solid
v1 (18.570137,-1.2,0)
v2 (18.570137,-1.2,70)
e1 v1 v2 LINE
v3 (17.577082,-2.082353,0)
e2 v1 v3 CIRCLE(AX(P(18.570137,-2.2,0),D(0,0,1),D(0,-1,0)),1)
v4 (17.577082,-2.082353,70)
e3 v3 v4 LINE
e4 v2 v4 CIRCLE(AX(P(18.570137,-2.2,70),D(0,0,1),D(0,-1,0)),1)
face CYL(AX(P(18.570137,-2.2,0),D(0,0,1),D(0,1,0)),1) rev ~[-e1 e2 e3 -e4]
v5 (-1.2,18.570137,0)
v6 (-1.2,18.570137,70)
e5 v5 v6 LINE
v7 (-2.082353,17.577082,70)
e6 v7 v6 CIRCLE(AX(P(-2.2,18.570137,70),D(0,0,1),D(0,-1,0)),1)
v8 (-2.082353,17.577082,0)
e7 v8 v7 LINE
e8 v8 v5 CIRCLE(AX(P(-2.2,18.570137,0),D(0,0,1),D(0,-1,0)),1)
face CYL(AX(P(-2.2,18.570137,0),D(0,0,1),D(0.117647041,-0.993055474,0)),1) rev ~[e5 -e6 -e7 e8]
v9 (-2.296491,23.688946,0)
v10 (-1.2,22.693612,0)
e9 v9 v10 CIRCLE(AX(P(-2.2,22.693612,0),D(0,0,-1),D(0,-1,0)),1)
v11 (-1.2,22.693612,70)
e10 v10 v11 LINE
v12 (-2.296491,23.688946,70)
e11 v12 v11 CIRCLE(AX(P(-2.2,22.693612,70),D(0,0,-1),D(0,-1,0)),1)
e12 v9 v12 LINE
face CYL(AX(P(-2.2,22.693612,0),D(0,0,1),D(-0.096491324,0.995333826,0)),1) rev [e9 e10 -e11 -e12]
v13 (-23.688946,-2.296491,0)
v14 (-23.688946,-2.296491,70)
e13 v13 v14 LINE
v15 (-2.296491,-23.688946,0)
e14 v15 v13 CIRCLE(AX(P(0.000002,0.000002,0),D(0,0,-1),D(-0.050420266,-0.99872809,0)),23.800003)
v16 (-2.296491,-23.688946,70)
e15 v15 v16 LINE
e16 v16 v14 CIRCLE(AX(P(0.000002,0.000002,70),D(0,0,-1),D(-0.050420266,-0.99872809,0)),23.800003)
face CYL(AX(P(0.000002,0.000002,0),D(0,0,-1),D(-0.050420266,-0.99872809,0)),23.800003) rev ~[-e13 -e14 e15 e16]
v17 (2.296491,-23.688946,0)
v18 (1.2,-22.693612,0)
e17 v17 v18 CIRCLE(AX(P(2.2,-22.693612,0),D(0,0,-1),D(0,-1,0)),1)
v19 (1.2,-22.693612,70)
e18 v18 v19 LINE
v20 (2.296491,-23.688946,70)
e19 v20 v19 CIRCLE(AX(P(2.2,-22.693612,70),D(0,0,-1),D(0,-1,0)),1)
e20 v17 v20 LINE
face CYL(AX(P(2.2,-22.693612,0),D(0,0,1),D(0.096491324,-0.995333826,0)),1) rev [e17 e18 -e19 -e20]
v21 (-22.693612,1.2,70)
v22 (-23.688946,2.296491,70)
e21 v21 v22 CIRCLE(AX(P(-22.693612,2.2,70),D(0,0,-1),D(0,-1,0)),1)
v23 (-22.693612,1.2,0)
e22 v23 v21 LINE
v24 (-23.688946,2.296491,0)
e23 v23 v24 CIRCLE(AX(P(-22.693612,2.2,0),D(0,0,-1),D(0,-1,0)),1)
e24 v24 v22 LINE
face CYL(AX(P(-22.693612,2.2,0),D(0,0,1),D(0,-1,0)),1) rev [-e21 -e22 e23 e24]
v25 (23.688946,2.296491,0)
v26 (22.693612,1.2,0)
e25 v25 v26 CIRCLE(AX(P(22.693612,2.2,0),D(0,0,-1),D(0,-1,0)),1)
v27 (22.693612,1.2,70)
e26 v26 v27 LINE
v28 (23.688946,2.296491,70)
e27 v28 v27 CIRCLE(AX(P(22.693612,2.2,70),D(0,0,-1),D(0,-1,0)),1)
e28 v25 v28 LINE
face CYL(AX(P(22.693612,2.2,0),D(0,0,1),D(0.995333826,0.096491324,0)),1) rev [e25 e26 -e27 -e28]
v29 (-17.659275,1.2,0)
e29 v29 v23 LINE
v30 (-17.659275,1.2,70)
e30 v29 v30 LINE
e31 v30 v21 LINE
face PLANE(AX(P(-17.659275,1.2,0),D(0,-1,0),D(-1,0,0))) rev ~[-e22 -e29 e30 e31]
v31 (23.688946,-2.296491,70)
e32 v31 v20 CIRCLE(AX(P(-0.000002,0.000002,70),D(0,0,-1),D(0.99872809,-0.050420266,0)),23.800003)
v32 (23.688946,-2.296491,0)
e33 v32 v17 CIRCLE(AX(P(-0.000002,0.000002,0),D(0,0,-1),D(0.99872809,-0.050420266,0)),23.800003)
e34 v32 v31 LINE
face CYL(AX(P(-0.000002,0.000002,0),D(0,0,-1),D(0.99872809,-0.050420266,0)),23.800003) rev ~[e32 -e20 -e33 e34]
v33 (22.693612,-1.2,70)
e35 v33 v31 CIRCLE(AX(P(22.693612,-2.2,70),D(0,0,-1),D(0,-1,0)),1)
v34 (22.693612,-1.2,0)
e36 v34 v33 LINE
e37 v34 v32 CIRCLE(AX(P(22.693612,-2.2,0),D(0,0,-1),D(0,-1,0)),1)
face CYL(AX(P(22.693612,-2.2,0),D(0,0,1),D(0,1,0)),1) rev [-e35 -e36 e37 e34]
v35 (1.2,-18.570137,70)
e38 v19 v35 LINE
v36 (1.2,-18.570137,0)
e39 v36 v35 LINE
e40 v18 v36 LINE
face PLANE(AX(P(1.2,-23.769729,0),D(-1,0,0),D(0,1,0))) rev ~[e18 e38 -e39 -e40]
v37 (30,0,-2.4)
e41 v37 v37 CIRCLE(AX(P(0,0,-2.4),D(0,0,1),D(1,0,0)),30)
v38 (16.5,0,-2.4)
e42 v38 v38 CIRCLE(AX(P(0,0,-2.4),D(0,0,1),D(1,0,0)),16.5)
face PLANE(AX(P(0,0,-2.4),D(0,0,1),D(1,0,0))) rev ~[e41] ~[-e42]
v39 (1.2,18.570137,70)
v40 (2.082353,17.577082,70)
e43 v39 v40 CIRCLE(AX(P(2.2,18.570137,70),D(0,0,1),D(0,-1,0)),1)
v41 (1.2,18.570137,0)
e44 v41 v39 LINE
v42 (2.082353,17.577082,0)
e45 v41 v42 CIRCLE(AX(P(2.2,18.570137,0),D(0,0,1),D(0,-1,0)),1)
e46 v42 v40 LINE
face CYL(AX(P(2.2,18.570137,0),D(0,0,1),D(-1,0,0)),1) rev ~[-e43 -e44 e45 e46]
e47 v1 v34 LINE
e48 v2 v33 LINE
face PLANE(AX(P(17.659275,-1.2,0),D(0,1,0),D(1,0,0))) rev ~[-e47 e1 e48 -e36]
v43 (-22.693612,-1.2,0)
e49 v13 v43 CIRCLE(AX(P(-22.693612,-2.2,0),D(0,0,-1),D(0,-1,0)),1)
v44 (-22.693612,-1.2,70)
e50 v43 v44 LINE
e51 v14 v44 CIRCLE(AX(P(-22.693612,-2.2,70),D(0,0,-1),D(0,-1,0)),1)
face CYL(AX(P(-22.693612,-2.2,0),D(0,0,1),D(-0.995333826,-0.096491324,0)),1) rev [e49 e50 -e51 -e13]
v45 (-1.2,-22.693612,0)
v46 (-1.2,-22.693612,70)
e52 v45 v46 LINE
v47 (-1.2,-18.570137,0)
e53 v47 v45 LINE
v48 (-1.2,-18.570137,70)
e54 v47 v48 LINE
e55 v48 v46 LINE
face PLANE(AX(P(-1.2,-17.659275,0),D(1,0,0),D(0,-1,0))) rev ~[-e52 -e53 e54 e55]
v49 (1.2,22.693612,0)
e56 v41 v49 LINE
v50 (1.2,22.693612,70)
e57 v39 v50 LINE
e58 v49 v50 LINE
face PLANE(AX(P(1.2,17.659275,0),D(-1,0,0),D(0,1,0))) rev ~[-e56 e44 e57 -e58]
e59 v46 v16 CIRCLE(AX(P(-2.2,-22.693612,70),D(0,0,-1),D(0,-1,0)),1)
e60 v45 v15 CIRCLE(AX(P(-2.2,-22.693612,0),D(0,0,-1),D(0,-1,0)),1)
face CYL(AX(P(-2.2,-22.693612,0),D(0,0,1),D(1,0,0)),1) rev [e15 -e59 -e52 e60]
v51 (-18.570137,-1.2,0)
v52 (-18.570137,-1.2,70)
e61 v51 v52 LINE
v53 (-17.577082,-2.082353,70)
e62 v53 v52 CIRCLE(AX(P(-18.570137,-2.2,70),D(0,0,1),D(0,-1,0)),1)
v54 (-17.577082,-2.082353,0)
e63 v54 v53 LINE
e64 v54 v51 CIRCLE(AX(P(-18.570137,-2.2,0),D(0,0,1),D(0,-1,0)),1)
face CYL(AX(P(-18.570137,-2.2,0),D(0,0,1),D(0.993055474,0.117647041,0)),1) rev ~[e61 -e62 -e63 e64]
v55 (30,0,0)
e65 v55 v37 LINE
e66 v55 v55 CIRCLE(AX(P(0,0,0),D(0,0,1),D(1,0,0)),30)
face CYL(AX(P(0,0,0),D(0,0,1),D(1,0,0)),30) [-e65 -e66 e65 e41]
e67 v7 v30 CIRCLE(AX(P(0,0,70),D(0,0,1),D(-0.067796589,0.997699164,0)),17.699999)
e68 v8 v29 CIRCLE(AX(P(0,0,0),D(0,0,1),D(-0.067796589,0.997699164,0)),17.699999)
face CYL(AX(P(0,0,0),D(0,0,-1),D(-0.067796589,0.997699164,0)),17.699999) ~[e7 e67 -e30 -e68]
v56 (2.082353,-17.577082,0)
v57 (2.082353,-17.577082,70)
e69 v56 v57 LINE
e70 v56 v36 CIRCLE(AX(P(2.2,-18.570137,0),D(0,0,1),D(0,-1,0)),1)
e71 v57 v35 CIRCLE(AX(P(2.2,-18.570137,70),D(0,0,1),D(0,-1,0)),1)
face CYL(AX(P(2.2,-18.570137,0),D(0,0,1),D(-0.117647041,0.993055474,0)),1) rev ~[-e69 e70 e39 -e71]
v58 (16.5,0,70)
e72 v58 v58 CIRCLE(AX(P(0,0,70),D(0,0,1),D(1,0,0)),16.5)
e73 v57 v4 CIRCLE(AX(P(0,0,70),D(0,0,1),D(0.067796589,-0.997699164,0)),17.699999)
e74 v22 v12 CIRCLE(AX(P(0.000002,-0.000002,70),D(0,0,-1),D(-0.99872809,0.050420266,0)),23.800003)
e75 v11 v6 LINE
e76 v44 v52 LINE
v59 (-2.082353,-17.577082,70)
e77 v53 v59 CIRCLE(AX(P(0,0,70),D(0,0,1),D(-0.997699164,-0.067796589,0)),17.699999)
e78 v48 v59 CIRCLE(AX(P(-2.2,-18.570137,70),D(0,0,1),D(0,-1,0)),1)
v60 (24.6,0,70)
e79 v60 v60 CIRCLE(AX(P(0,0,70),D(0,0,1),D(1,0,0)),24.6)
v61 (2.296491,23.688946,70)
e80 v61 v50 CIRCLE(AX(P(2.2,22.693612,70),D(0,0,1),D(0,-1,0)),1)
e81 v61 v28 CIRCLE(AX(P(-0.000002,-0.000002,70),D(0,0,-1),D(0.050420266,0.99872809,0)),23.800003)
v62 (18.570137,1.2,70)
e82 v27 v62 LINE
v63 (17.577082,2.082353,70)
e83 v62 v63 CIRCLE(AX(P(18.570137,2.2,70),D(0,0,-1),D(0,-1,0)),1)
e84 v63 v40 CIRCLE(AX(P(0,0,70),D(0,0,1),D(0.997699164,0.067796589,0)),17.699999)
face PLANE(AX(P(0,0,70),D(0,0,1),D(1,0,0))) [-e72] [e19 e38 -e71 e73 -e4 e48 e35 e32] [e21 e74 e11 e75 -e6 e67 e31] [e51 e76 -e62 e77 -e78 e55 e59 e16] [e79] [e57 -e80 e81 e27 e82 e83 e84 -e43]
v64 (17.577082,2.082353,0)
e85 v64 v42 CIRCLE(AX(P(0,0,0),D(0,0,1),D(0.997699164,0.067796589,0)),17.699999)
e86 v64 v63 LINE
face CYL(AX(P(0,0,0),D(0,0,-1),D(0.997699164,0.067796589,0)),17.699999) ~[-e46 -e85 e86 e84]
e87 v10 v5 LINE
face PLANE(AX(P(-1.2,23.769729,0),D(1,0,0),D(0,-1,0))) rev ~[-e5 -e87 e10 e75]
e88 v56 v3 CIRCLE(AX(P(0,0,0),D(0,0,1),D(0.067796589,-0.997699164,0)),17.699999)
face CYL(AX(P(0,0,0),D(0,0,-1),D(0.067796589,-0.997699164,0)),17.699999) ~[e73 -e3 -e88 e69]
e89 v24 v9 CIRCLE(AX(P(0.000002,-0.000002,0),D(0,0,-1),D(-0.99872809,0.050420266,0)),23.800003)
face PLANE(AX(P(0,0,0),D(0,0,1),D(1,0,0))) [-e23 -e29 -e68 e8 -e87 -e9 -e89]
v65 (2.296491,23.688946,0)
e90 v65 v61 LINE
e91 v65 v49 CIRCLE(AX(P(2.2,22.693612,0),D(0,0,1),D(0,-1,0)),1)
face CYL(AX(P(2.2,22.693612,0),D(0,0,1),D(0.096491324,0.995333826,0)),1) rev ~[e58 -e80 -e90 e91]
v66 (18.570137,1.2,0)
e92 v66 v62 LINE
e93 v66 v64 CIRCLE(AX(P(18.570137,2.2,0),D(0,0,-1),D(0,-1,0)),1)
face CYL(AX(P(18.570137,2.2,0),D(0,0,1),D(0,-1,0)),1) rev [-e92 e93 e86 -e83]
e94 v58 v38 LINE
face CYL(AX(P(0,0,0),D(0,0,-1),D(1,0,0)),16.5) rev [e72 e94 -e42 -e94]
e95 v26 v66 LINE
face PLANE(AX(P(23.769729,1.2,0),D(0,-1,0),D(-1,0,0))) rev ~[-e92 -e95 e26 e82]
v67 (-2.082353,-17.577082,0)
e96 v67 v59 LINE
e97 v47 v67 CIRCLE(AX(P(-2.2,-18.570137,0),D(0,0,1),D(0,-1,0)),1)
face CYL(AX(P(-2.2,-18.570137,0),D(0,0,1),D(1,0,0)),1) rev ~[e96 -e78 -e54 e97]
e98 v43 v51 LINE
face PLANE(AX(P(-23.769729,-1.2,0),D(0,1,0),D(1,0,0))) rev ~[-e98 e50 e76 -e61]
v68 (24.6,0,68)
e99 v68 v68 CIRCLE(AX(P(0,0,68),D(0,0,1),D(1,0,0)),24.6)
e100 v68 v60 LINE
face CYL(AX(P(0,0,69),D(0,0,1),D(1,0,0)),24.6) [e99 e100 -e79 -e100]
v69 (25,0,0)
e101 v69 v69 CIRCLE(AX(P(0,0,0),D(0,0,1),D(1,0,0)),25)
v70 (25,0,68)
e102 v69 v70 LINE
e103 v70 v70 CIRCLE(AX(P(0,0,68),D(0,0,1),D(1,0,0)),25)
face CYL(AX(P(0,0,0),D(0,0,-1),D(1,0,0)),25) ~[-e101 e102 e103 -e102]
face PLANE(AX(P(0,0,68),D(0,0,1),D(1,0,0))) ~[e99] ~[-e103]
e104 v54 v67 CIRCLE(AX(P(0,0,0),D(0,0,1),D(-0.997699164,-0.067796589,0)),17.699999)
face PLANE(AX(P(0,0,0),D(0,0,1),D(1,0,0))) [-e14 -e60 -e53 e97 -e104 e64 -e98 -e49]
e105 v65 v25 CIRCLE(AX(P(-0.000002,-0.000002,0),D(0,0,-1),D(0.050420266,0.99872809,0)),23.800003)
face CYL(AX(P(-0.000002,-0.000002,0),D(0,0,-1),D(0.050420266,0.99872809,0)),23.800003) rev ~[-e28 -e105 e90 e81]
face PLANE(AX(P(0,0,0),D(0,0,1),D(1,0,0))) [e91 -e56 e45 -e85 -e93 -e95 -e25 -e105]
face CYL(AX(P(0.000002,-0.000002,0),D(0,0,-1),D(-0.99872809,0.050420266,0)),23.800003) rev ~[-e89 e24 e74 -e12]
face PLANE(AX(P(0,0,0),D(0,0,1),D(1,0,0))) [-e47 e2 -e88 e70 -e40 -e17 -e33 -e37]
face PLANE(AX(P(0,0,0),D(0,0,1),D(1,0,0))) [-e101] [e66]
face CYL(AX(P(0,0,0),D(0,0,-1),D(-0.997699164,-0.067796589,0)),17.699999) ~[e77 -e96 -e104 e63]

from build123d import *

# Parameters (mm, degrees)
F1_R     = 30
F1_R_2   = 16.5
F2_DEPTH = 2.4
F0_R     = 25
F0_R_2   = 16.5
F3_DEPTH = 70
F4_W     = 0.4
F4_H     = 2
F6_R     = 1


with BuildPart() as f2:
    # F1 (on Top) → F2 (new body)
    with BuildSketch(Plane.XY):
        Circle(F1_R)
        Circle(F1_R_2, mode=Mode.SUBTRACT)
    extrude(amount=-F2_DEPTH)

    # F0 (on Top) → F3 (join)
    with BuildSketch(Plane.XY):
        Circle(F0_R)
        with BuildLine():
            ThreePointArc((23.769729, 1.2), (23.792431, 0.600191), (23.8, 0))
            ThreePointArc((23.8, 0), (23.792431, -0.600191), (23.769729, -1.2))
            ThreePointArc((23.769729, -1.2), (16.829141, -16.829141), (1.2, -23.769729))
            ThreePointArc((1.2, -23.769729), (0, -23.8), (-1.2, -23.769729))
            ThreePointArc((-1.2, -23.769729), (-16.829141, -16.829141), (-23.769729, -1.2))
            ThreePointArc((-23.769729, -1.2), (-23.8, 0), (-23.769729, 1.2))
            ThreePointArc((-23.769729, 1.2), (-16.829141, 16.829141), (-1.2, 23.769729))
            ThreePointArc((-1.2, 23.769729), (0, 23.8), (1.2, 23.769729))
            ThreePointArc((1.2, 23.769729), (16.829141, 16.829141), (23.769729, 1.2))
        make_face(mode=Mode.SUBTRACT)
        with BuildLine():
            Line((-17.659275, 1.2), (-23.769729, 1.2))
            ThreePointArc((-23.769729, 1.2), (-23.8, 0), (-23.769729, -1.2))
            Line((-23.769729, -1.2), (-17.659275, -1.2))
            ThreePointArc((-17.659275, -1.2), (-17.7, 0), (-17.659275, 1.2))
        make_face()
        with BuildLine():
            Line((1.2, 17.659275), (1.2, 23.769729))
            ThreePointArc((1.2, 23.769729), (0, 23.8), (-1.2, 23.769729))
            Line((-1.2, 23.769729), (-1.2, 17.659275))
            ThreePointArc((-1.2, 17.659275), (0, 17.7), (1.2, 17.659275))
        make_face()
        with BuildLine():
            ThreePointArc((23.769729, -1.2), (23.792431, -0.600191), (23.8, 0))
            ThreePointArc((23.8, 0), (23.792431, 0.600191), (23.769729, 1.2))
            Line((23.769729, 1.2), (17.659275, 1.2))
            ThreePointArc((17.659275, 1.2), (17.689816, 0.600345), (17.7, 0))
            ThreePointArc((17.7, 0), (17.689816, -0.600345), (17.659275, -1.2))
            Line((17.659275, -1.2), (23.769729, -1.2))
        make_face()
        with BuildLine():
            ThreePointArc((-1.2, -23.769729), (0, -23.8), (1.2, -23.769729))
            Line((1.2, -23.769729), (1.2, -17.659275))
            ThreePointArc((1.2, -17.659275), (0, -17.7), (-1.2, -17.659275))
            Line((-1.2, -17.659275), (-1.2, -23.769729))
        make_face()
        with BuildLine():
            ThreePointArc((17.7, 0), (17.689816, 0.600345), (17.659275, 1.2))
            ThreePointArc((17.659275, 1.2), (12.51579, 12.51579), (1.2, 17.659275))
            ThreePointArc((1.2, 17.659275), (0, 17.7), (-1.2, 17.659275))
            ThreePointArc((-1.2, 17.659275), (-12.51579, 12.51579), (-17.659275, 1.2))
            ThreePointArc((-17.659275, 1.2), (-17.7, 0), (-17.659275, -1.2))
            ThreePointArc((-17.659275, -1.2), (-12.51579, -12.51579), (-1.2, -17.659275))
            ThreePointArc((-1.2, -17.659275), (0, -17.7), (1.2, -17.659275))
            ThreePointArc((1.2, -17.659275), (12.51579, -12.51579), (17.659275, -1.2))
            ThreePointArc((17.659275, -1.2), (17.689816, -0.600345), (17.7, 0))
        make_face()
        Circle(F0_R_2, mode=Mode.SUBTRACT)
    extrude(amount=F3_DEPTH)

    # F4 (on Front) → F5 (revolve, cut)
    with BuildSketch(Plane.XZ):
        with Locations((24.8, 69)):
            Rectangle(F4_W, F4_H)
    revolve(axis=Axis((0, 0, 41.403618), (0, 0, 1)), mode=Mode.SUBTRACT)

    # F6
    f6_edges = [f2.edges().sort_by_distance(p)[0] for p in [
        (-1.2, 23.769729, 35),
        (-1.2, 17.659275, 35),
        (1.2, 23.769729, 35),
        (1.2, 17.659275, 35),
        (17.659275, 1.2, 35),
        (17.659275, -1.2, 35),
        (1.2, -17.659275, 35),
        (-1.2, -17.659275, 35),
        (-17.659275, -1.2, 35),
        (1.2, -23.769729, 35),
        (23.769729, -1.2, 35),
        (23.769729, 1.2, 35),
        (-1.2, -23.769729, 35),
        (-23.769729, -1.2, 35),
        (-23.769729, 1.2, 35),
    ]]
    fillet(f6_edges, radius=F6_R)


solid = f2.part
